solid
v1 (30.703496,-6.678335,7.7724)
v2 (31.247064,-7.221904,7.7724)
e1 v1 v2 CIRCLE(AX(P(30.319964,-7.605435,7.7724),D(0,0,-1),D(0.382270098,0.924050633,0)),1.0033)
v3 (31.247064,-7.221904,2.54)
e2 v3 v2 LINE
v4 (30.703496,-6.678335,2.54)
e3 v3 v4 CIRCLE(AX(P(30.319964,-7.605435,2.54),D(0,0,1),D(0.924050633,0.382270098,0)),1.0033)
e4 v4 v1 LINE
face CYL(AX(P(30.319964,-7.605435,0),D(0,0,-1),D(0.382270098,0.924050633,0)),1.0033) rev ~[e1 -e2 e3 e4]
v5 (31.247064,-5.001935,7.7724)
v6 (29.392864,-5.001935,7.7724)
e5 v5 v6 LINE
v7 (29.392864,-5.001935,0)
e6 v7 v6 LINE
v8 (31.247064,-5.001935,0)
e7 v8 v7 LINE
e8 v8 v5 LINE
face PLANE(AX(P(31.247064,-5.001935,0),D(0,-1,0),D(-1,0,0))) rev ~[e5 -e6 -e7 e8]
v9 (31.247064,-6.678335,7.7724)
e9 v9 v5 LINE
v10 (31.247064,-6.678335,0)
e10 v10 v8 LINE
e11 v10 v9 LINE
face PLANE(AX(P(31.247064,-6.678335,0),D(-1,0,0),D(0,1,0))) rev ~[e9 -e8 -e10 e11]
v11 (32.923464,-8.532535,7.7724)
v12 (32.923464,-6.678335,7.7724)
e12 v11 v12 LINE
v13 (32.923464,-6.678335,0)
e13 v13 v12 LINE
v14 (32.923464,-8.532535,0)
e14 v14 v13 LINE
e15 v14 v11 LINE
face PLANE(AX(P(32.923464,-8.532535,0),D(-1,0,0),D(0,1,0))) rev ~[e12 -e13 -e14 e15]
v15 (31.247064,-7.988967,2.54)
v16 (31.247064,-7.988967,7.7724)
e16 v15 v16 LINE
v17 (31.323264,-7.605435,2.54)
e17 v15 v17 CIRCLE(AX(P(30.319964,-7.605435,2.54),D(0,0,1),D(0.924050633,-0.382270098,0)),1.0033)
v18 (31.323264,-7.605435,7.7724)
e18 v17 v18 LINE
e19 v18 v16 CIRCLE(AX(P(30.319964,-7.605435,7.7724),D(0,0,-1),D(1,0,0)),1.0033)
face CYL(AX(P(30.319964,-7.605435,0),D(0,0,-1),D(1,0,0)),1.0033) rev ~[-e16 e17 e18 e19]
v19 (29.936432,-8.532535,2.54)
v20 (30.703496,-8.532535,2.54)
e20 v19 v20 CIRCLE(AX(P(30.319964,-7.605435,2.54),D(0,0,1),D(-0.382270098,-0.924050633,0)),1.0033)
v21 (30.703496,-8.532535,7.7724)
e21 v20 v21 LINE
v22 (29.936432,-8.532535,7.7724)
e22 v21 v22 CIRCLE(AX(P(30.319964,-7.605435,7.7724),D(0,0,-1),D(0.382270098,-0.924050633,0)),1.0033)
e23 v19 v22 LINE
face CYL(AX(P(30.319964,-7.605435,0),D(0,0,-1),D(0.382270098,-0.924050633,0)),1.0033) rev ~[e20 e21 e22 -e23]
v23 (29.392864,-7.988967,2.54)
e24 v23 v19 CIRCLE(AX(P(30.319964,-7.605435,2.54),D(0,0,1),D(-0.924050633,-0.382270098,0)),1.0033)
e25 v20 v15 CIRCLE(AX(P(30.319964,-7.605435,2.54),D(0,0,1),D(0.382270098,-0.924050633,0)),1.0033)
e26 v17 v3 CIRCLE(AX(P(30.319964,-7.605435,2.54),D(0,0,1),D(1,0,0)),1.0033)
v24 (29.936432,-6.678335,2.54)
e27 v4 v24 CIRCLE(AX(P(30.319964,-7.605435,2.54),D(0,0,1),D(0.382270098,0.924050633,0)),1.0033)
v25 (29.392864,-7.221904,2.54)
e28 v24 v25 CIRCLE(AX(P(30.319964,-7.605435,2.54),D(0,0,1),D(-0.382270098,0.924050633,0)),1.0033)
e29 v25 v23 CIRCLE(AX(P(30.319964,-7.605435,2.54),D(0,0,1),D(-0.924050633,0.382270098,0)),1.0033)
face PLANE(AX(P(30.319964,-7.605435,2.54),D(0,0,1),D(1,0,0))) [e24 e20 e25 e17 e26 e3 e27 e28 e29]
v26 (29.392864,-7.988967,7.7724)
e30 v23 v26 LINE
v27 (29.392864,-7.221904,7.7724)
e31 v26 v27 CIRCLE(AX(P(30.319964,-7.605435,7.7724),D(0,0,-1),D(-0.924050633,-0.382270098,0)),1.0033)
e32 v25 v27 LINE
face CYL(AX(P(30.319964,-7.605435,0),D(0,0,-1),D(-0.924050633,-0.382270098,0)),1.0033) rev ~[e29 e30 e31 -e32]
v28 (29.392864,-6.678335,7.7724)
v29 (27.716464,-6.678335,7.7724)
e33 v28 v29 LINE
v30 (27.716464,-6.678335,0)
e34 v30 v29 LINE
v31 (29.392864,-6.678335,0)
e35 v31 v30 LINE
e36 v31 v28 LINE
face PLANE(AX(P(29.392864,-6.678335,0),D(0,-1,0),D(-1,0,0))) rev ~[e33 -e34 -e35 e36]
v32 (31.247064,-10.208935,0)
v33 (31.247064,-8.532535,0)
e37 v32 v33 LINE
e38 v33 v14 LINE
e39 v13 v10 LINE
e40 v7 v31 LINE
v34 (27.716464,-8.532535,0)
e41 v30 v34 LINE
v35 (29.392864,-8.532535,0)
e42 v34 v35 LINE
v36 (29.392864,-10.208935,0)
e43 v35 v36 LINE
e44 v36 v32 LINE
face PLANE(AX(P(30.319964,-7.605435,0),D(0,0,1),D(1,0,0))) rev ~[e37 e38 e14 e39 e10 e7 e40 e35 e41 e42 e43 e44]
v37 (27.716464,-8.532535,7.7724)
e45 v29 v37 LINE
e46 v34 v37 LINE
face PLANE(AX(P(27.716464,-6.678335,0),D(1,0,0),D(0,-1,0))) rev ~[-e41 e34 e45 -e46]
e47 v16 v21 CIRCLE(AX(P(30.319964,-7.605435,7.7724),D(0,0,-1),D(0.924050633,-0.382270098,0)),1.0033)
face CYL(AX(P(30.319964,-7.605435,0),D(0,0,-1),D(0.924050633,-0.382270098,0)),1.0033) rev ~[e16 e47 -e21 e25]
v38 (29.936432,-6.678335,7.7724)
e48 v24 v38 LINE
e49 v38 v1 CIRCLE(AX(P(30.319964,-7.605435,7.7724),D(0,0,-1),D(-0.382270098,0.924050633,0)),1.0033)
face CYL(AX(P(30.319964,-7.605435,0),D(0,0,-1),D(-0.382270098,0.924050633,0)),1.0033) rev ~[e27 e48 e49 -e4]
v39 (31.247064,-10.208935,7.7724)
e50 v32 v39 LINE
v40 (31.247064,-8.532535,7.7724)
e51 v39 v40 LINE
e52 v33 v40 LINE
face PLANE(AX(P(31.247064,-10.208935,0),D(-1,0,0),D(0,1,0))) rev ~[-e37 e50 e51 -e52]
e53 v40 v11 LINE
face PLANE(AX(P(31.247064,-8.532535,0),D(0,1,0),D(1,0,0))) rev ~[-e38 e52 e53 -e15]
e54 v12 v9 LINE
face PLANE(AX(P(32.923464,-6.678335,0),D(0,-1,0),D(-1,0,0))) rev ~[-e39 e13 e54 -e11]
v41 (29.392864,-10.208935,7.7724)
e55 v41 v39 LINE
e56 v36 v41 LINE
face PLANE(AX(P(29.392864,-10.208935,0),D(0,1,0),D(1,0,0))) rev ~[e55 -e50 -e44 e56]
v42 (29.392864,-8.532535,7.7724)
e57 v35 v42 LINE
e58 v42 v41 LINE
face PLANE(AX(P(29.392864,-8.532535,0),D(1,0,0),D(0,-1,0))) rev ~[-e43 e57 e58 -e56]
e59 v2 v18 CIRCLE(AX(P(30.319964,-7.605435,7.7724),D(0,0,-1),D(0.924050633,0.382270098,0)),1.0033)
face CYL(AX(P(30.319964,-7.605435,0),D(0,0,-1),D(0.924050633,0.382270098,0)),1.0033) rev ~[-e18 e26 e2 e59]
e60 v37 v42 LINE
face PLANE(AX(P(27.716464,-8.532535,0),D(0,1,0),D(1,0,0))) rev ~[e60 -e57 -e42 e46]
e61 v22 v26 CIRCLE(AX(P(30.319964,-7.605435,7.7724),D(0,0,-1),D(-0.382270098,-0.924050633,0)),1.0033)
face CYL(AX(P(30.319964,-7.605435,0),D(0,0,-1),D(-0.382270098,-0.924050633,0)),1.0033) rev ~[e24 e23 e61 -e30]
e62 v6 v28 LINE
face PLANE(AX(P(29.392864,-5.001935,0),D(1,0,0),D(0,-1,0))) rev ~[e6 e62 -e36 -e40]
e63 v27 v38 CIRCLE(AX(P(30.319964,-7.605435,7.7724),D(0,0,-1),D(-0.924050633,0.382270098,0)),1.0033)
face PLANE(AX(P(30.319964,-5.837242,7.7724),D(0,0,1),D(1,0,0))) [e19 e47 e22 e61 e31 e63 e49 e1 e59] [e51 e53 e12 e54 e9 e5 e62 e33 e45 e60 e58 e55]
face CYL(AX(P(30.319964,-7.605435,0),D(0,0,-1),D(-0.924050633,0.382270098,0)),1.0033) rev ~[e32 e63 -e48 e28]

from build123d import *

# Parameters (mm, degrees)
F1_DEPTH = 7.7724
F2_DEPTH = 2.54


with BuildPart() as f1:
    # F0 (on Top) → F1 (new body)
    with BuildSketch(Plane.XY):
        with BuildLine():
            Line((29.3928639389, -5.0019352848), (29.3928639389, -6.6783352848))
            Line((29.3928639389, -6.6783352848), (29.9364323496, -6.6783352848))
            ThreePointArc((29.9364323496, -6.6783352848), (30.3199639389, -6.6021352848), (30.7034955282, -6.6783352848))
            Line((30.7034955282, -6.6783352848), (31.2470639389, -6.6783352848))
            Line((31.2470639389, -6.6783352848), (31.2470639389, -5.0019352848))
            Line((31.2470639389, -5.0019352848), (29.3928639389, -5.0019352848))
        make_face()
        with BuildLine():
            Line((29.9364323496, -6.6783352848), (29.3928639389, -6.6783352848))
            Line((29.3928639389, -6.6783352848), (29.3928639389, -7.2219036954))
            ThreePointArc((29.3928639389, -7.2219036954), (29.6105237053, -6.8959950512), (29.9364323496, -6.6783352848))
        make_face()
        with BuildLine():
            Line((29.3928639389, -6.6783352848), (27.7164639389, -6.6783352848))
            Line((27.7164639389, -6.6783352848), (27.7164639389, -8.5325352848))
            Line((27.7164639389, -8.5325352848), (29.3928639389, -8.5325352848))
            Line((29.3928639389, -8.5325352848), (29.3928639389, -7.9889668741))
            ThreePointArc((29.3928639389, -7.9889668741), (29.3166639389, -7.6054352848), (29.3928639389, -7.2219036954))
            Line((29.3928639389, -7.2219036954), (29.3928639389, -6.6783352848))
        make_face()
        with BuildLine():
            Line((29.9364323496, -8.5325352848), (29.3928639389, -8.5325352848))
            Line((29.3928639389, -8.5325352848), (29.3928639389, -10.2089352848))
            Line((29.3928639389, -10.2089352848), (31.2470639389, -10.2089352848))
            Line((31.2470639389, -10.2089352848), (31.2470639389, -8.5325352848))
            Line((31.2470639389, -8.5325352848), (30.7034955282, -8.5325352848))
            ThreePointArc((30.7034955282, -8.5325352848), (30.3199639389, -8.6087352848), (29.9364323496, -8.5325352848))
        make_face()
        with BuildLine():
            Line((32.9234639389, -6.6783352848), (31.2470639389, -6.6783352848))
            Line((31.2470639389, -6.6783352848), (31.2470639389, -7.2219036954))
            ThreePointArc((31.2470639389, -7.2219036954), (31.3040295668, -7.4099212699), (31.3232639389, -7.6054352848))
            ThreePointArc((31.3232639389, -7.6054352848), (31.3040295668, -7.8009492996), (31.2470639389, -7.9889668741))
            Line((31.2470639389, -7.9889668741), (31.2470639389, -8.5325352848))
            Line((31.2470639389, -8.5325352848), (32.9234639389, -8.5325352848))
            Line((32.9234639389, -8.5325352848), (32.9234639389, -6.6783352848))
        make_face()
        with BuildLine():
            Line((31.2470639389, -6.6783352848), (30.7034955282, -6.6783352848))
            ThreePointArc((30.7034955282, -6.6783352848), (31.0294041725, -6.8959950512), (31.2470639389, -7.2219036954))
            Line((31.2470639389, -7.2219036954), (31.2470639389, -6.6783352848))
        make_face()
        with BuildLine():
            ThreePointArc((31.2470639389, -7.9889668741), (31.0294041725, -8.3148755183), (30.7034955282, -8.5325352848))
            Line((30.7034955282, -8.5325352848), (31.2470639389, -8.5325352848))
            Line((31.2470639389, -8.5325352848), (31.2470639389, -7.9889668741))
        make_face()
        with BuildLine():
            Line((29.3928639389, -7.9889668741), (29.3928639389, -8.5325352848))
            Line((29.3928639389, -8.5325352848), (29.9364323496, -8.5325352848))
            ThreePointArc((29.9364323496, -8.5325352848), (29.6105237053, -8.3148755183), (29.3928639389, -7.9889668741))
        make_face()
    extrude(amount=F1_DEPTH)

    # F0 (on Top) → F2 (join)
    with BuildSketch(Plane.XY):
        with BuildLine():
            Line((30.7034955282, -6.6783352848), (29.9364323496, -6.6783352848))
            ThreePointArc((29.9364323496, -6.6783352848), (29.6105237053, -6.8959950512), (29.3928639389, -7.2219036954))
            Line((29.3928639389, -7.2219036954), (29.3928639389, -7.9889668741))
            ThreePointArc((29.3928639389, -7.9889668741), (29.6105237053, -8.3148755183), (29.9364323496, -8.5325352848))
            Line((29.9364323496, -8.5325352848), (30.7034955282, -8.5325352848))
            ThreePointArc((30.7034955282, -8.5325352848), (31.0294041725, -8.3148755183), (31.2470639389, -7.9889668741))
            Line((31.2470639389, -7.9889668741), (31.2470639389, -7.2219036954))
            ThreePointArc((31.2470639389, -7.2219036954), (31.0294041725, -6.8959950512), (30.7034955282, -6.6783352848))
        make_face()
        with BuildLine():
            Line((29.3928639389, -7.9889668741), (29.3928639389, -7.2219036954))
            ThreePointArc((29.3928639389, -7.2219036954), (29.3166639389, -7.6054352848), (29.3928639389, -7.9889668741))
        make_face()
        with BuildLine():
            Line((30.7034955282, -8.5325352848), (29.9364323496, -8.5325352848))
            ThreePointArc((29.9364323496, -8.5325352848), (30.3199639389, -8.6087352848), (30.7034955282, -8.5325352848))
        make_face()
        with BuildLine():
            ThreePointArc((31.3232639389, -7.6054352848), (31.3040295668, -7.4099212699), (31.2470639389, -7.2219036954))
            Line((31.2470639389, -7.2219036954), (31.2470639389, -7.9889668741))
            ThreePointArc((31.2470639389, -7.9889668741), (31.3040295668, -7.8009492996), (31.3232639389, -7.6054352848))
        make_face()
        with BuildLine():
            ThreePointArc((30.7034955282, -6.6783352848), (30.3199639389, -6.6021352848), (29.9364323496, -6.6783352848))
            Line((29.9364323496, -6.6783352848), (30.7034955282, -6.6783352848))
        make_face()
    extrude(amount=F2_DEPTH)


solid = f1.part
